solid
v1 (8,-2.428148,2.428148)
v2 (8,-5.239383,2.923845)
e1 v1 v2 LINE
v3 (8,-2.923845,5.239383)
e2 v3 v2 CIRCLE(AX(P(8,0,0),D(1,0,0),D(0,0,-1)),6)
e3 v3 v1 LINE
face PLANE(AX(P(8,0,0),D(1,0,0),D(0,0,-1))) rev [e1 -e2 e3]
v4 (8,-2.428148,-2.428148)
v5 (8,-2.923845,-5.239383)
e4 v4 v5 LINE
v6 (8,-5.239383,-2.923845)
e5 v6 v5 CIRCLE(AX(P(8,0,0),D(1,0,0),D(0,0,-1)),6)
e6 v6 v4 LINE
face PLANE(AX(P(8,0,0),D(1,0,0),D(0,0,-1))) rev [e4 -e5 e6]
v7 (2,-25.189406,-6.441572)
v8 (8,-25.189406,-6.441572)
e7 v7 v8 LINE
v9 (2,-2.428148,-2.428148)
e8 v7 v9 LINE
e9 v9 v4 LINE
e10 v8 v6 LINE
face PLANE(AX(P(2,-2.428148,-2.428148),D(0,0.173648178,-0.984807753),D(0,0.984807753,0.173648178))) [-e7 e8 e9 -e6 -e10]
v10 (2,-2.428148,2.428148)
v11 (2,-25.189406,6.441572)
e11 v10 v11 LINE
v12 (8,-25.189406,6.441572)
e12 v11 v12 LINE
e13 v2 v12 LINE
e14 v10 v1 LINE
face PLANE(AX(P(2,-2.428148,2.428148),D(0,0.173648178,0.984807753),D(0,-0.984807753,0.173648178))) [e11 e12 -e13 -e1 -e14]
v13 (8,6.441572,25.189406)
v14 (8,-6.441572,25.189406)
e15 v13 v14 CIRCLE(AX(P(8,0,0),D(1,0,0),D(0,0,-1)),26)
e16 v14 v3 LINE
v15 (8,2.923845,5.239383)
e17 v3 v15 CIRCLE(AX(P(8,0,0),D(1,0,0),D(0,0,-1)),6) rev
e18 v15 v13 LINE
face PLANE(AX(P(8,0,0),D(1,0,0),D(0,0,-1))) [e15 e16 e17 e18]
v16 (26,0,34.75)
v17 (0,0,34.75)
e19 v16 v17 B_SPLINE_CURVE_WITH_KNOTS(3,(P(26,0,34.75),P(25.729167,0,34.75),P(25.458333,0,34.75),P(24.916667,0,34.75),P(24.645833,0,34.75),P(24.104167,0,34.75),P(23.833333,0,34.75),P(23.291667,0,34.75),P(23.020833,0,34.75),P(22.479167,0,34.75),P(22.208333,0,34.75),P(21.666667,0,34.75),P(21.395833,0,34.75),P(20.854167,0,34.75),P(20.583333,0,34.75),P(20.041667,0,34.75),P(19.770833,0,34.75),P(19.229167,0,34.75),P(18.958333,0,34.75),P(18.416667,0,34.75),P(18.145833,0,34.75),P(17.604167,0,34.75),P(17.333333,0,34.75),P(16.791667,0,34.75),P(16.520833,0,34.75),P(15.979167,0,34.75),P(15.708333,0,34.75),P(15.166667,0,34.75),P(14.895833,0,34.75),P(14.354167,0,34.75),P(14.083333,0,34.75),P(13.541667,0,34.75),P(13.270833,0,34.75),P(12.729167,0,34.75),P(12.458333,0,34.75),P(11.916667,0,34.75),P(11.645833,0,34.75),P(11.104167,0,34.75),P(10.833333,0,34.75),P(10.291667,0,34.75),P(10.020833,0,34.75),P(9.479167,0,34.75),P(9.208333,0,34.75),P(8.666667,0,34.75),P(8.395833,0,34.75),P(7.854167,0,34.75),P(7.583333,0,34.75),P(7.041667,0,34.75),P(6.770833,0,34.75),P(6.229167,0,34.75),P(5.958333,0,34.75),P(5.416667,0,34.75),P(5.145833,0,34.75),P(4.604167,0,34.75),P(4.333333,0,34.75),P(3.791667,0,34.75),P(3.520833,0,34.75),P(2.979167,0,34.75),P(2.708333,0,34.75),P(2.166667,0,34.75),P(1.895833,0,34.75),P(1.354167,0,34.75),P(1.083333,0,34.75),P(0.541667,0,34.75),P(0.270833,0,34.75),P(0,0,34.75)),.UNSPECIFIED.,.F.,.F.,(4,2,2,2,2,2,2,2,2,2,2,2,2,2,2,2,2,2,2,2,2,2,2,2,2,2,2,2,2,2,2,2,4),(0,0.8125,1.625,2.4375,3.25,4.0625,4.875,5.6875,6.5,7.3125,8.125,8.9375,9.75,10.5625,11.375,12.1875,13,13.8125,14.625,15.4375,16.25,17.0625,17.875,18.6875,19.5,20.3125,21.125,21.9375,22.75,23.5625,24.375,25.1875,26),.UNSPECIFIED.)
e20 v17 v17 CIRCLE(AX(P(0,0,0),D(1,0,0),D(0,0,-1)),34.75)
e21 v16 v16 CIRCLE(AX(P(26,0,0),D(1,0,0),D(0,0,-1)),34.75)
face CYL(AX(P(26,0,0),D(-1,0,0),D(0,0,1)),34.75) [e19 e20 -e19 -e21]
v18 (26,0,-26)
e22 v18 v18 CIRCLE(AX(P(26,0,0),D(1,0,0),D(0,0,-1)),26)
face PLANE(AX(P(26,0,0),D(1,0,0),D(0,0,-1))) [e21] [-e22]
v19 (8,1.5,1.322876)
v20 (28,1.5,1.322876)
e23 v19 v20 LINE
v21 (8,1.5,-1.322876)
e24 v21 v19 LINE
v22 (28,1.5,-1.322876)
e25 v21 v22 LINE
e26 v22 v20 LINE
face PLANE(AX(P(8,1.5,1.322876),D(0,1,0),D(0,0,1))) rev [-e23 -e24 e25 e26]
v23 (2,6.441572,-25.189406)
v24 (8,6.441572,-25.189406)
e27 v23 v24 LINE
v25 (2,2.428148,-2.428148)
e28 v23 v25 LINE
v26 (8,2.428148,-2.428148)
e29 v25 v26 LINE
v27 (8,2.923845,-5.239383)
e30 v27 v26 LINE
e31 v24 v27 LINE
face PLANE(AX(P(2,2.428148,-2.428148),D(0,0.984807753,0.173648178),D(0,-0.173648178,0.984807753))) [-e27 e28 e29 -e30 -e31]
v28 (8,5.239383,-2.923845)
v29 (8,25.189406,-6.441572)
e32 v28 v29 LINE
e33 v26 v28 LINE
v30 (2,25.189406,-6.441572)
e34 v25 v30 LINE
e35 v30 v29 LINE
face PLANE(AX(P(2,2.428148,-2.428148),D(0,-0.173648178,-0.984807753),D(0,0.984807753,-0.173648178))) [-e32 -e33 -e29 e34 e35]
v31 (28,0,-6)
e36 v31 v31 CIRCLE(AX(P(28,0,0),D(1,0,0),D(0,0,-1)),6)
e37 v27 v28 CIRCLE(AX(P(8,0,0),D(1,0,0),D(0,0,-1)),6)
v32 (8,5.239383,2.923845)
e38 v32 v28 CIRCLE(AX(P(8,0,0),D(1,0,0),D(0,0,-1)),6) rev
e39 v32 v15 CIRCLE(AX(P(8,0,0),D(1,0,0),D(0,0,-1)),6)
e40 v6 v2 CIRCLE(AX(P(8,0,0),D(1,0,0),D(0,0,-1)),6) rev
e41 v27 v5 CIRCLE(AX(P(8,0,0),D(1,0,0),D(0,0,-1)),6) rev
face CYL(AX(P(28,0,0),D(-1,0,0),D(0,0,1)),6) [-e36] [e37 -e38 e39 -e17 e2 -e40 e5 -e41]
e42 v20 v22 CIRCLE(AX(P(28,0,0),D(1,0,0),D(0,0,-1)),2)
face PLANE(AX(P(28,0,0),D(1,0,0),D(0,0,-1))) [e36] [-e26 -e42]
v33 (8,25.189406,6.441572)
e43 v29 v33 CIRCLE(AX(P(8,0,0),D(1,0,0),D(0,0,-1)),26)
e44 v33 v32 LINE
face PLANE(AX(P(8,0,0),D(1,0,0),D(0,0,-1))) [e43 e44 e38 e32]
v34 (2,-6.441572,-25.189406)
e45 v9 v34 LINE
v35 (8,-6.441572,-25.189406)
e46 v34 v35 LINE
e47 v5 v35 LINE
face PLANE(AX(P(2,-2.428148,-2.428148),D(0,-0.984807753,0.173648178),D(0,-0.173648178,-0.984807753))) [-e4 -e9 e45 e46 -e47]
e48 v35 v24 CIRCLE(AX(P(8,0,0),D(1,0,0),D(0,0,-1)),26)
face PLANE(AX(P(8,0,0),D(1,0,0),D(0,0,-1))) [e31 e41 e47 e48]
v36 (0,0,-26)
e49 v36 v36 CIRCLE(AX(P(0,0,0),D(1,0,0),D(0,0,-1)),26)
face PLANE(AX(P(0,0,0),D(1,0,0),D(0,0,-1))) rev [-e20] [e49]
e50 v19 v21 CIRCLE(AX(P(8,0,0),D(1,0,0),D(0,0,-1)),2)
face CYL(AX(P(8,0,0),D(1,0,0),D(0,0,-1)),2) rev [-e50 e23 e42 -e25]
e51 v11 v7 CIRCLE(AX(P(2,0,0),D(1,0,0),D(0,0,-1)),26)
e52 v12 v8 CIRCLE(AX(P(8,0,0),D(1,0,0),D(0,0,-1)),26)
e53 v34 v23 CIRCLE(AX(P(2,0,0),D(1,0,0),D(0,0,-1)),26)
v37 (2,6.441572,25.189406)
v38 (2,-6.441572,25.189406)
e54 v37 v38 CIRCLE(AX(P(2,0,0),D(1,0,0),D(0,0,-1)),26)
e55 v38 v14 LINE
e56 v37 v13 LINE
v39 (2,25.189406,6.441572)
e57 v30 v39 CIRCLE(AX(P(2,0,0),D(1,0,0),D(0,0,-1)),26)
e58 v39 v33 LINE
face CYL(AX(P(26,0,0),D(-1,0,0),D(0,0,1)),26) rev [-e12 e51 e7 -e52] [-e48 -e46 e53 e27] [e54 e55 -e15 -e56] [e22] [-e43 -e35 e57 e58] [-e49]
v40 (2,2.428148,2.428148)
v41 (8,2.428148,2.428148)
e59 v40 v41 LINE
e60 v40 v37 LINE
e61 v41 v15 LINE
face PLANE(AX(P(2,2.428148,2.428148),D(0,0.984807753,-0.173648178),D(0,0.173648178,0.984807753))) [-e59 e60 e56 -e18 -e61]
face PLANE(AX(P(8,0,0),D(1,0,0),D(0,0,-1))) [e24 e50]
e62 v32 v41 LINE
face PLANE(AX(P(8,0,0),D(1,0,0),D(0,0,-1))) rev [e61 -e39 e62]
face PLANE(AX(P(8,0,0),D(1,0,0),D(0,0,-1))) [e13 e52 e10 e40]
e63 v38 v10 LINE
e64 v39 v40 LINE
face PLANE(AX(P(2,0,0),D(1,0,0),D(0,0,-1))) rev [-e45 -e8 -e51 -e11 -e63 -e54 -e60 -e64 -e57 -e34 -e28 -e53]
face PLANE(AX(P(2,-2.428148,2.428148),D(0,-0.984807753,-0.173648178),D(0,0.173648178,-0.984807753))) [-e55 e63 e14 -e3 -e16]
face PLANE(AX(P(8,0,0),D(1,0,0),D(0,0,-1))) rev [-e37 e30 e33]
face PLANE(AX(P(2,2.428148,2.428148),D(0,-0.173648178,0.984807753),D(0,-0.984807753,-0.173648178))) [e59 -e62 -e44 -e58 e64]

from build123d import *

# Parameters (mm, degrees)
SKETCH_1_R           = 34.75
SKETCH_1_R_2         = 26
EXTRUDE_1_DEPTH      = 26
EXTRUDE_2_DEPTH      = 3
EXTRUDE_2_DEPTH_BACK = 3
SKETCH_3_R           = 6
EXTRUDE_3_DEPTH      = 20
CUT_EXTRUDE_1_DEPTH  = 20


with BuildPart() as part:
    # 草图1 → 凸台-拉伸1 (new body)
    with BuildSketch(Plane(origin=(0, 0, 0), x_dir=(0, 0, -1), z_dir=(1, 0, 0))):
        with Locations(Location((0, 0, 0), (0, 0, 180))):
            Circle(SKETCH_1_R)
        with Locations(Location((0, 0, 0), (0, 0, 180))):
            Circle(SKETCH_1_R_2, mode=Mode.SUBTRACT)
    extrude(amount=EXTRUDE_1_DEPTH)

    # 草图2 → 凸台-拉伸2 (add, two sides: drawn at the far end of the back side and taken through both)
    with BuildSketch(Plane(origin=(5, 0, 0), x_dir=(0, 0, -1), z_dir=(1, 0, 0)).offset(-EXTRUDE_2_DEPTH_BACK)):
        with BuildLine():
            Line((-2.428148007, 2.428148007), (-6.441571828, 25.189405558))
            ThreePointArc((-6.441571828, 25.189405558), (0, 26), (6.441571828, 25.189405558))
            Line((6.441571828, 25.189405558), (2.428148007, 2.428148007))
            Line((2.428148007, 2.428148007), (25.189405558, 6.441571828))
            ThreePointArc((25.189405558, 6.441571828), (26, 0), (25.189405558, -6.441571828))
            Line((25.189405558, -6.441571828), (2.428148007, -2.428148007))
            Line((2.428148007, -2.428148007), (6.441571828, -25.189405558))
            ThreePointArc((6.441571828, -25.189405558), (0, -26), (-6.441571828, -25.189405558))
            Line((-6.441571828, -25.189405558), (-2.428148007, -2.428148007))
            Line((-2.428148007, -2.428148007), (-25.189405558, -6.441571828))
            ThreePointArc((-25.189405558, -6.441571828), (-26, 0), (-25.189405558, 6.441571828))
            Line((-25.189405558, 6.441571828), (-2.428148007, 2.428148007))
        make_face()
    extrude(amount=EXTRUDE_2_DEPTH + EXTRUDE_2_DEPTH_BACK)

    # 草图3 → 凸台-拉伸3 (add)
    with BuildSketch(Plane(origin=(8, 0, 0), x_dir=(0, 0, -1), z_dir=(1, 0, 0))):
        with Locations(Location((0, 0, 0), (0, 0, 150.836240305))):
            Circle(SKETCH_3_R)
    extrude(amount=EXTRUDE_3_DEPTH)

    # 草图4 → 切除-拉伸1 (cut)
    with BuildSketch(Plane(origin=(28, 0, 0), x_dir=(0, 0, -1), z_dir=(1, 0, 0))):
        with BuildLine():
            Line((-1.322875656, 1.5), (1.322875656, 1.5))
            ThreePointArc((1.322875656, 1.5), (0, -2), (-1.322875656, 1.5))
        make_face()
    extrude(amount=-CUT_EXTRUDE_1_DEPTH, mode=Mode.SUBTRACT)


solid = part.part
